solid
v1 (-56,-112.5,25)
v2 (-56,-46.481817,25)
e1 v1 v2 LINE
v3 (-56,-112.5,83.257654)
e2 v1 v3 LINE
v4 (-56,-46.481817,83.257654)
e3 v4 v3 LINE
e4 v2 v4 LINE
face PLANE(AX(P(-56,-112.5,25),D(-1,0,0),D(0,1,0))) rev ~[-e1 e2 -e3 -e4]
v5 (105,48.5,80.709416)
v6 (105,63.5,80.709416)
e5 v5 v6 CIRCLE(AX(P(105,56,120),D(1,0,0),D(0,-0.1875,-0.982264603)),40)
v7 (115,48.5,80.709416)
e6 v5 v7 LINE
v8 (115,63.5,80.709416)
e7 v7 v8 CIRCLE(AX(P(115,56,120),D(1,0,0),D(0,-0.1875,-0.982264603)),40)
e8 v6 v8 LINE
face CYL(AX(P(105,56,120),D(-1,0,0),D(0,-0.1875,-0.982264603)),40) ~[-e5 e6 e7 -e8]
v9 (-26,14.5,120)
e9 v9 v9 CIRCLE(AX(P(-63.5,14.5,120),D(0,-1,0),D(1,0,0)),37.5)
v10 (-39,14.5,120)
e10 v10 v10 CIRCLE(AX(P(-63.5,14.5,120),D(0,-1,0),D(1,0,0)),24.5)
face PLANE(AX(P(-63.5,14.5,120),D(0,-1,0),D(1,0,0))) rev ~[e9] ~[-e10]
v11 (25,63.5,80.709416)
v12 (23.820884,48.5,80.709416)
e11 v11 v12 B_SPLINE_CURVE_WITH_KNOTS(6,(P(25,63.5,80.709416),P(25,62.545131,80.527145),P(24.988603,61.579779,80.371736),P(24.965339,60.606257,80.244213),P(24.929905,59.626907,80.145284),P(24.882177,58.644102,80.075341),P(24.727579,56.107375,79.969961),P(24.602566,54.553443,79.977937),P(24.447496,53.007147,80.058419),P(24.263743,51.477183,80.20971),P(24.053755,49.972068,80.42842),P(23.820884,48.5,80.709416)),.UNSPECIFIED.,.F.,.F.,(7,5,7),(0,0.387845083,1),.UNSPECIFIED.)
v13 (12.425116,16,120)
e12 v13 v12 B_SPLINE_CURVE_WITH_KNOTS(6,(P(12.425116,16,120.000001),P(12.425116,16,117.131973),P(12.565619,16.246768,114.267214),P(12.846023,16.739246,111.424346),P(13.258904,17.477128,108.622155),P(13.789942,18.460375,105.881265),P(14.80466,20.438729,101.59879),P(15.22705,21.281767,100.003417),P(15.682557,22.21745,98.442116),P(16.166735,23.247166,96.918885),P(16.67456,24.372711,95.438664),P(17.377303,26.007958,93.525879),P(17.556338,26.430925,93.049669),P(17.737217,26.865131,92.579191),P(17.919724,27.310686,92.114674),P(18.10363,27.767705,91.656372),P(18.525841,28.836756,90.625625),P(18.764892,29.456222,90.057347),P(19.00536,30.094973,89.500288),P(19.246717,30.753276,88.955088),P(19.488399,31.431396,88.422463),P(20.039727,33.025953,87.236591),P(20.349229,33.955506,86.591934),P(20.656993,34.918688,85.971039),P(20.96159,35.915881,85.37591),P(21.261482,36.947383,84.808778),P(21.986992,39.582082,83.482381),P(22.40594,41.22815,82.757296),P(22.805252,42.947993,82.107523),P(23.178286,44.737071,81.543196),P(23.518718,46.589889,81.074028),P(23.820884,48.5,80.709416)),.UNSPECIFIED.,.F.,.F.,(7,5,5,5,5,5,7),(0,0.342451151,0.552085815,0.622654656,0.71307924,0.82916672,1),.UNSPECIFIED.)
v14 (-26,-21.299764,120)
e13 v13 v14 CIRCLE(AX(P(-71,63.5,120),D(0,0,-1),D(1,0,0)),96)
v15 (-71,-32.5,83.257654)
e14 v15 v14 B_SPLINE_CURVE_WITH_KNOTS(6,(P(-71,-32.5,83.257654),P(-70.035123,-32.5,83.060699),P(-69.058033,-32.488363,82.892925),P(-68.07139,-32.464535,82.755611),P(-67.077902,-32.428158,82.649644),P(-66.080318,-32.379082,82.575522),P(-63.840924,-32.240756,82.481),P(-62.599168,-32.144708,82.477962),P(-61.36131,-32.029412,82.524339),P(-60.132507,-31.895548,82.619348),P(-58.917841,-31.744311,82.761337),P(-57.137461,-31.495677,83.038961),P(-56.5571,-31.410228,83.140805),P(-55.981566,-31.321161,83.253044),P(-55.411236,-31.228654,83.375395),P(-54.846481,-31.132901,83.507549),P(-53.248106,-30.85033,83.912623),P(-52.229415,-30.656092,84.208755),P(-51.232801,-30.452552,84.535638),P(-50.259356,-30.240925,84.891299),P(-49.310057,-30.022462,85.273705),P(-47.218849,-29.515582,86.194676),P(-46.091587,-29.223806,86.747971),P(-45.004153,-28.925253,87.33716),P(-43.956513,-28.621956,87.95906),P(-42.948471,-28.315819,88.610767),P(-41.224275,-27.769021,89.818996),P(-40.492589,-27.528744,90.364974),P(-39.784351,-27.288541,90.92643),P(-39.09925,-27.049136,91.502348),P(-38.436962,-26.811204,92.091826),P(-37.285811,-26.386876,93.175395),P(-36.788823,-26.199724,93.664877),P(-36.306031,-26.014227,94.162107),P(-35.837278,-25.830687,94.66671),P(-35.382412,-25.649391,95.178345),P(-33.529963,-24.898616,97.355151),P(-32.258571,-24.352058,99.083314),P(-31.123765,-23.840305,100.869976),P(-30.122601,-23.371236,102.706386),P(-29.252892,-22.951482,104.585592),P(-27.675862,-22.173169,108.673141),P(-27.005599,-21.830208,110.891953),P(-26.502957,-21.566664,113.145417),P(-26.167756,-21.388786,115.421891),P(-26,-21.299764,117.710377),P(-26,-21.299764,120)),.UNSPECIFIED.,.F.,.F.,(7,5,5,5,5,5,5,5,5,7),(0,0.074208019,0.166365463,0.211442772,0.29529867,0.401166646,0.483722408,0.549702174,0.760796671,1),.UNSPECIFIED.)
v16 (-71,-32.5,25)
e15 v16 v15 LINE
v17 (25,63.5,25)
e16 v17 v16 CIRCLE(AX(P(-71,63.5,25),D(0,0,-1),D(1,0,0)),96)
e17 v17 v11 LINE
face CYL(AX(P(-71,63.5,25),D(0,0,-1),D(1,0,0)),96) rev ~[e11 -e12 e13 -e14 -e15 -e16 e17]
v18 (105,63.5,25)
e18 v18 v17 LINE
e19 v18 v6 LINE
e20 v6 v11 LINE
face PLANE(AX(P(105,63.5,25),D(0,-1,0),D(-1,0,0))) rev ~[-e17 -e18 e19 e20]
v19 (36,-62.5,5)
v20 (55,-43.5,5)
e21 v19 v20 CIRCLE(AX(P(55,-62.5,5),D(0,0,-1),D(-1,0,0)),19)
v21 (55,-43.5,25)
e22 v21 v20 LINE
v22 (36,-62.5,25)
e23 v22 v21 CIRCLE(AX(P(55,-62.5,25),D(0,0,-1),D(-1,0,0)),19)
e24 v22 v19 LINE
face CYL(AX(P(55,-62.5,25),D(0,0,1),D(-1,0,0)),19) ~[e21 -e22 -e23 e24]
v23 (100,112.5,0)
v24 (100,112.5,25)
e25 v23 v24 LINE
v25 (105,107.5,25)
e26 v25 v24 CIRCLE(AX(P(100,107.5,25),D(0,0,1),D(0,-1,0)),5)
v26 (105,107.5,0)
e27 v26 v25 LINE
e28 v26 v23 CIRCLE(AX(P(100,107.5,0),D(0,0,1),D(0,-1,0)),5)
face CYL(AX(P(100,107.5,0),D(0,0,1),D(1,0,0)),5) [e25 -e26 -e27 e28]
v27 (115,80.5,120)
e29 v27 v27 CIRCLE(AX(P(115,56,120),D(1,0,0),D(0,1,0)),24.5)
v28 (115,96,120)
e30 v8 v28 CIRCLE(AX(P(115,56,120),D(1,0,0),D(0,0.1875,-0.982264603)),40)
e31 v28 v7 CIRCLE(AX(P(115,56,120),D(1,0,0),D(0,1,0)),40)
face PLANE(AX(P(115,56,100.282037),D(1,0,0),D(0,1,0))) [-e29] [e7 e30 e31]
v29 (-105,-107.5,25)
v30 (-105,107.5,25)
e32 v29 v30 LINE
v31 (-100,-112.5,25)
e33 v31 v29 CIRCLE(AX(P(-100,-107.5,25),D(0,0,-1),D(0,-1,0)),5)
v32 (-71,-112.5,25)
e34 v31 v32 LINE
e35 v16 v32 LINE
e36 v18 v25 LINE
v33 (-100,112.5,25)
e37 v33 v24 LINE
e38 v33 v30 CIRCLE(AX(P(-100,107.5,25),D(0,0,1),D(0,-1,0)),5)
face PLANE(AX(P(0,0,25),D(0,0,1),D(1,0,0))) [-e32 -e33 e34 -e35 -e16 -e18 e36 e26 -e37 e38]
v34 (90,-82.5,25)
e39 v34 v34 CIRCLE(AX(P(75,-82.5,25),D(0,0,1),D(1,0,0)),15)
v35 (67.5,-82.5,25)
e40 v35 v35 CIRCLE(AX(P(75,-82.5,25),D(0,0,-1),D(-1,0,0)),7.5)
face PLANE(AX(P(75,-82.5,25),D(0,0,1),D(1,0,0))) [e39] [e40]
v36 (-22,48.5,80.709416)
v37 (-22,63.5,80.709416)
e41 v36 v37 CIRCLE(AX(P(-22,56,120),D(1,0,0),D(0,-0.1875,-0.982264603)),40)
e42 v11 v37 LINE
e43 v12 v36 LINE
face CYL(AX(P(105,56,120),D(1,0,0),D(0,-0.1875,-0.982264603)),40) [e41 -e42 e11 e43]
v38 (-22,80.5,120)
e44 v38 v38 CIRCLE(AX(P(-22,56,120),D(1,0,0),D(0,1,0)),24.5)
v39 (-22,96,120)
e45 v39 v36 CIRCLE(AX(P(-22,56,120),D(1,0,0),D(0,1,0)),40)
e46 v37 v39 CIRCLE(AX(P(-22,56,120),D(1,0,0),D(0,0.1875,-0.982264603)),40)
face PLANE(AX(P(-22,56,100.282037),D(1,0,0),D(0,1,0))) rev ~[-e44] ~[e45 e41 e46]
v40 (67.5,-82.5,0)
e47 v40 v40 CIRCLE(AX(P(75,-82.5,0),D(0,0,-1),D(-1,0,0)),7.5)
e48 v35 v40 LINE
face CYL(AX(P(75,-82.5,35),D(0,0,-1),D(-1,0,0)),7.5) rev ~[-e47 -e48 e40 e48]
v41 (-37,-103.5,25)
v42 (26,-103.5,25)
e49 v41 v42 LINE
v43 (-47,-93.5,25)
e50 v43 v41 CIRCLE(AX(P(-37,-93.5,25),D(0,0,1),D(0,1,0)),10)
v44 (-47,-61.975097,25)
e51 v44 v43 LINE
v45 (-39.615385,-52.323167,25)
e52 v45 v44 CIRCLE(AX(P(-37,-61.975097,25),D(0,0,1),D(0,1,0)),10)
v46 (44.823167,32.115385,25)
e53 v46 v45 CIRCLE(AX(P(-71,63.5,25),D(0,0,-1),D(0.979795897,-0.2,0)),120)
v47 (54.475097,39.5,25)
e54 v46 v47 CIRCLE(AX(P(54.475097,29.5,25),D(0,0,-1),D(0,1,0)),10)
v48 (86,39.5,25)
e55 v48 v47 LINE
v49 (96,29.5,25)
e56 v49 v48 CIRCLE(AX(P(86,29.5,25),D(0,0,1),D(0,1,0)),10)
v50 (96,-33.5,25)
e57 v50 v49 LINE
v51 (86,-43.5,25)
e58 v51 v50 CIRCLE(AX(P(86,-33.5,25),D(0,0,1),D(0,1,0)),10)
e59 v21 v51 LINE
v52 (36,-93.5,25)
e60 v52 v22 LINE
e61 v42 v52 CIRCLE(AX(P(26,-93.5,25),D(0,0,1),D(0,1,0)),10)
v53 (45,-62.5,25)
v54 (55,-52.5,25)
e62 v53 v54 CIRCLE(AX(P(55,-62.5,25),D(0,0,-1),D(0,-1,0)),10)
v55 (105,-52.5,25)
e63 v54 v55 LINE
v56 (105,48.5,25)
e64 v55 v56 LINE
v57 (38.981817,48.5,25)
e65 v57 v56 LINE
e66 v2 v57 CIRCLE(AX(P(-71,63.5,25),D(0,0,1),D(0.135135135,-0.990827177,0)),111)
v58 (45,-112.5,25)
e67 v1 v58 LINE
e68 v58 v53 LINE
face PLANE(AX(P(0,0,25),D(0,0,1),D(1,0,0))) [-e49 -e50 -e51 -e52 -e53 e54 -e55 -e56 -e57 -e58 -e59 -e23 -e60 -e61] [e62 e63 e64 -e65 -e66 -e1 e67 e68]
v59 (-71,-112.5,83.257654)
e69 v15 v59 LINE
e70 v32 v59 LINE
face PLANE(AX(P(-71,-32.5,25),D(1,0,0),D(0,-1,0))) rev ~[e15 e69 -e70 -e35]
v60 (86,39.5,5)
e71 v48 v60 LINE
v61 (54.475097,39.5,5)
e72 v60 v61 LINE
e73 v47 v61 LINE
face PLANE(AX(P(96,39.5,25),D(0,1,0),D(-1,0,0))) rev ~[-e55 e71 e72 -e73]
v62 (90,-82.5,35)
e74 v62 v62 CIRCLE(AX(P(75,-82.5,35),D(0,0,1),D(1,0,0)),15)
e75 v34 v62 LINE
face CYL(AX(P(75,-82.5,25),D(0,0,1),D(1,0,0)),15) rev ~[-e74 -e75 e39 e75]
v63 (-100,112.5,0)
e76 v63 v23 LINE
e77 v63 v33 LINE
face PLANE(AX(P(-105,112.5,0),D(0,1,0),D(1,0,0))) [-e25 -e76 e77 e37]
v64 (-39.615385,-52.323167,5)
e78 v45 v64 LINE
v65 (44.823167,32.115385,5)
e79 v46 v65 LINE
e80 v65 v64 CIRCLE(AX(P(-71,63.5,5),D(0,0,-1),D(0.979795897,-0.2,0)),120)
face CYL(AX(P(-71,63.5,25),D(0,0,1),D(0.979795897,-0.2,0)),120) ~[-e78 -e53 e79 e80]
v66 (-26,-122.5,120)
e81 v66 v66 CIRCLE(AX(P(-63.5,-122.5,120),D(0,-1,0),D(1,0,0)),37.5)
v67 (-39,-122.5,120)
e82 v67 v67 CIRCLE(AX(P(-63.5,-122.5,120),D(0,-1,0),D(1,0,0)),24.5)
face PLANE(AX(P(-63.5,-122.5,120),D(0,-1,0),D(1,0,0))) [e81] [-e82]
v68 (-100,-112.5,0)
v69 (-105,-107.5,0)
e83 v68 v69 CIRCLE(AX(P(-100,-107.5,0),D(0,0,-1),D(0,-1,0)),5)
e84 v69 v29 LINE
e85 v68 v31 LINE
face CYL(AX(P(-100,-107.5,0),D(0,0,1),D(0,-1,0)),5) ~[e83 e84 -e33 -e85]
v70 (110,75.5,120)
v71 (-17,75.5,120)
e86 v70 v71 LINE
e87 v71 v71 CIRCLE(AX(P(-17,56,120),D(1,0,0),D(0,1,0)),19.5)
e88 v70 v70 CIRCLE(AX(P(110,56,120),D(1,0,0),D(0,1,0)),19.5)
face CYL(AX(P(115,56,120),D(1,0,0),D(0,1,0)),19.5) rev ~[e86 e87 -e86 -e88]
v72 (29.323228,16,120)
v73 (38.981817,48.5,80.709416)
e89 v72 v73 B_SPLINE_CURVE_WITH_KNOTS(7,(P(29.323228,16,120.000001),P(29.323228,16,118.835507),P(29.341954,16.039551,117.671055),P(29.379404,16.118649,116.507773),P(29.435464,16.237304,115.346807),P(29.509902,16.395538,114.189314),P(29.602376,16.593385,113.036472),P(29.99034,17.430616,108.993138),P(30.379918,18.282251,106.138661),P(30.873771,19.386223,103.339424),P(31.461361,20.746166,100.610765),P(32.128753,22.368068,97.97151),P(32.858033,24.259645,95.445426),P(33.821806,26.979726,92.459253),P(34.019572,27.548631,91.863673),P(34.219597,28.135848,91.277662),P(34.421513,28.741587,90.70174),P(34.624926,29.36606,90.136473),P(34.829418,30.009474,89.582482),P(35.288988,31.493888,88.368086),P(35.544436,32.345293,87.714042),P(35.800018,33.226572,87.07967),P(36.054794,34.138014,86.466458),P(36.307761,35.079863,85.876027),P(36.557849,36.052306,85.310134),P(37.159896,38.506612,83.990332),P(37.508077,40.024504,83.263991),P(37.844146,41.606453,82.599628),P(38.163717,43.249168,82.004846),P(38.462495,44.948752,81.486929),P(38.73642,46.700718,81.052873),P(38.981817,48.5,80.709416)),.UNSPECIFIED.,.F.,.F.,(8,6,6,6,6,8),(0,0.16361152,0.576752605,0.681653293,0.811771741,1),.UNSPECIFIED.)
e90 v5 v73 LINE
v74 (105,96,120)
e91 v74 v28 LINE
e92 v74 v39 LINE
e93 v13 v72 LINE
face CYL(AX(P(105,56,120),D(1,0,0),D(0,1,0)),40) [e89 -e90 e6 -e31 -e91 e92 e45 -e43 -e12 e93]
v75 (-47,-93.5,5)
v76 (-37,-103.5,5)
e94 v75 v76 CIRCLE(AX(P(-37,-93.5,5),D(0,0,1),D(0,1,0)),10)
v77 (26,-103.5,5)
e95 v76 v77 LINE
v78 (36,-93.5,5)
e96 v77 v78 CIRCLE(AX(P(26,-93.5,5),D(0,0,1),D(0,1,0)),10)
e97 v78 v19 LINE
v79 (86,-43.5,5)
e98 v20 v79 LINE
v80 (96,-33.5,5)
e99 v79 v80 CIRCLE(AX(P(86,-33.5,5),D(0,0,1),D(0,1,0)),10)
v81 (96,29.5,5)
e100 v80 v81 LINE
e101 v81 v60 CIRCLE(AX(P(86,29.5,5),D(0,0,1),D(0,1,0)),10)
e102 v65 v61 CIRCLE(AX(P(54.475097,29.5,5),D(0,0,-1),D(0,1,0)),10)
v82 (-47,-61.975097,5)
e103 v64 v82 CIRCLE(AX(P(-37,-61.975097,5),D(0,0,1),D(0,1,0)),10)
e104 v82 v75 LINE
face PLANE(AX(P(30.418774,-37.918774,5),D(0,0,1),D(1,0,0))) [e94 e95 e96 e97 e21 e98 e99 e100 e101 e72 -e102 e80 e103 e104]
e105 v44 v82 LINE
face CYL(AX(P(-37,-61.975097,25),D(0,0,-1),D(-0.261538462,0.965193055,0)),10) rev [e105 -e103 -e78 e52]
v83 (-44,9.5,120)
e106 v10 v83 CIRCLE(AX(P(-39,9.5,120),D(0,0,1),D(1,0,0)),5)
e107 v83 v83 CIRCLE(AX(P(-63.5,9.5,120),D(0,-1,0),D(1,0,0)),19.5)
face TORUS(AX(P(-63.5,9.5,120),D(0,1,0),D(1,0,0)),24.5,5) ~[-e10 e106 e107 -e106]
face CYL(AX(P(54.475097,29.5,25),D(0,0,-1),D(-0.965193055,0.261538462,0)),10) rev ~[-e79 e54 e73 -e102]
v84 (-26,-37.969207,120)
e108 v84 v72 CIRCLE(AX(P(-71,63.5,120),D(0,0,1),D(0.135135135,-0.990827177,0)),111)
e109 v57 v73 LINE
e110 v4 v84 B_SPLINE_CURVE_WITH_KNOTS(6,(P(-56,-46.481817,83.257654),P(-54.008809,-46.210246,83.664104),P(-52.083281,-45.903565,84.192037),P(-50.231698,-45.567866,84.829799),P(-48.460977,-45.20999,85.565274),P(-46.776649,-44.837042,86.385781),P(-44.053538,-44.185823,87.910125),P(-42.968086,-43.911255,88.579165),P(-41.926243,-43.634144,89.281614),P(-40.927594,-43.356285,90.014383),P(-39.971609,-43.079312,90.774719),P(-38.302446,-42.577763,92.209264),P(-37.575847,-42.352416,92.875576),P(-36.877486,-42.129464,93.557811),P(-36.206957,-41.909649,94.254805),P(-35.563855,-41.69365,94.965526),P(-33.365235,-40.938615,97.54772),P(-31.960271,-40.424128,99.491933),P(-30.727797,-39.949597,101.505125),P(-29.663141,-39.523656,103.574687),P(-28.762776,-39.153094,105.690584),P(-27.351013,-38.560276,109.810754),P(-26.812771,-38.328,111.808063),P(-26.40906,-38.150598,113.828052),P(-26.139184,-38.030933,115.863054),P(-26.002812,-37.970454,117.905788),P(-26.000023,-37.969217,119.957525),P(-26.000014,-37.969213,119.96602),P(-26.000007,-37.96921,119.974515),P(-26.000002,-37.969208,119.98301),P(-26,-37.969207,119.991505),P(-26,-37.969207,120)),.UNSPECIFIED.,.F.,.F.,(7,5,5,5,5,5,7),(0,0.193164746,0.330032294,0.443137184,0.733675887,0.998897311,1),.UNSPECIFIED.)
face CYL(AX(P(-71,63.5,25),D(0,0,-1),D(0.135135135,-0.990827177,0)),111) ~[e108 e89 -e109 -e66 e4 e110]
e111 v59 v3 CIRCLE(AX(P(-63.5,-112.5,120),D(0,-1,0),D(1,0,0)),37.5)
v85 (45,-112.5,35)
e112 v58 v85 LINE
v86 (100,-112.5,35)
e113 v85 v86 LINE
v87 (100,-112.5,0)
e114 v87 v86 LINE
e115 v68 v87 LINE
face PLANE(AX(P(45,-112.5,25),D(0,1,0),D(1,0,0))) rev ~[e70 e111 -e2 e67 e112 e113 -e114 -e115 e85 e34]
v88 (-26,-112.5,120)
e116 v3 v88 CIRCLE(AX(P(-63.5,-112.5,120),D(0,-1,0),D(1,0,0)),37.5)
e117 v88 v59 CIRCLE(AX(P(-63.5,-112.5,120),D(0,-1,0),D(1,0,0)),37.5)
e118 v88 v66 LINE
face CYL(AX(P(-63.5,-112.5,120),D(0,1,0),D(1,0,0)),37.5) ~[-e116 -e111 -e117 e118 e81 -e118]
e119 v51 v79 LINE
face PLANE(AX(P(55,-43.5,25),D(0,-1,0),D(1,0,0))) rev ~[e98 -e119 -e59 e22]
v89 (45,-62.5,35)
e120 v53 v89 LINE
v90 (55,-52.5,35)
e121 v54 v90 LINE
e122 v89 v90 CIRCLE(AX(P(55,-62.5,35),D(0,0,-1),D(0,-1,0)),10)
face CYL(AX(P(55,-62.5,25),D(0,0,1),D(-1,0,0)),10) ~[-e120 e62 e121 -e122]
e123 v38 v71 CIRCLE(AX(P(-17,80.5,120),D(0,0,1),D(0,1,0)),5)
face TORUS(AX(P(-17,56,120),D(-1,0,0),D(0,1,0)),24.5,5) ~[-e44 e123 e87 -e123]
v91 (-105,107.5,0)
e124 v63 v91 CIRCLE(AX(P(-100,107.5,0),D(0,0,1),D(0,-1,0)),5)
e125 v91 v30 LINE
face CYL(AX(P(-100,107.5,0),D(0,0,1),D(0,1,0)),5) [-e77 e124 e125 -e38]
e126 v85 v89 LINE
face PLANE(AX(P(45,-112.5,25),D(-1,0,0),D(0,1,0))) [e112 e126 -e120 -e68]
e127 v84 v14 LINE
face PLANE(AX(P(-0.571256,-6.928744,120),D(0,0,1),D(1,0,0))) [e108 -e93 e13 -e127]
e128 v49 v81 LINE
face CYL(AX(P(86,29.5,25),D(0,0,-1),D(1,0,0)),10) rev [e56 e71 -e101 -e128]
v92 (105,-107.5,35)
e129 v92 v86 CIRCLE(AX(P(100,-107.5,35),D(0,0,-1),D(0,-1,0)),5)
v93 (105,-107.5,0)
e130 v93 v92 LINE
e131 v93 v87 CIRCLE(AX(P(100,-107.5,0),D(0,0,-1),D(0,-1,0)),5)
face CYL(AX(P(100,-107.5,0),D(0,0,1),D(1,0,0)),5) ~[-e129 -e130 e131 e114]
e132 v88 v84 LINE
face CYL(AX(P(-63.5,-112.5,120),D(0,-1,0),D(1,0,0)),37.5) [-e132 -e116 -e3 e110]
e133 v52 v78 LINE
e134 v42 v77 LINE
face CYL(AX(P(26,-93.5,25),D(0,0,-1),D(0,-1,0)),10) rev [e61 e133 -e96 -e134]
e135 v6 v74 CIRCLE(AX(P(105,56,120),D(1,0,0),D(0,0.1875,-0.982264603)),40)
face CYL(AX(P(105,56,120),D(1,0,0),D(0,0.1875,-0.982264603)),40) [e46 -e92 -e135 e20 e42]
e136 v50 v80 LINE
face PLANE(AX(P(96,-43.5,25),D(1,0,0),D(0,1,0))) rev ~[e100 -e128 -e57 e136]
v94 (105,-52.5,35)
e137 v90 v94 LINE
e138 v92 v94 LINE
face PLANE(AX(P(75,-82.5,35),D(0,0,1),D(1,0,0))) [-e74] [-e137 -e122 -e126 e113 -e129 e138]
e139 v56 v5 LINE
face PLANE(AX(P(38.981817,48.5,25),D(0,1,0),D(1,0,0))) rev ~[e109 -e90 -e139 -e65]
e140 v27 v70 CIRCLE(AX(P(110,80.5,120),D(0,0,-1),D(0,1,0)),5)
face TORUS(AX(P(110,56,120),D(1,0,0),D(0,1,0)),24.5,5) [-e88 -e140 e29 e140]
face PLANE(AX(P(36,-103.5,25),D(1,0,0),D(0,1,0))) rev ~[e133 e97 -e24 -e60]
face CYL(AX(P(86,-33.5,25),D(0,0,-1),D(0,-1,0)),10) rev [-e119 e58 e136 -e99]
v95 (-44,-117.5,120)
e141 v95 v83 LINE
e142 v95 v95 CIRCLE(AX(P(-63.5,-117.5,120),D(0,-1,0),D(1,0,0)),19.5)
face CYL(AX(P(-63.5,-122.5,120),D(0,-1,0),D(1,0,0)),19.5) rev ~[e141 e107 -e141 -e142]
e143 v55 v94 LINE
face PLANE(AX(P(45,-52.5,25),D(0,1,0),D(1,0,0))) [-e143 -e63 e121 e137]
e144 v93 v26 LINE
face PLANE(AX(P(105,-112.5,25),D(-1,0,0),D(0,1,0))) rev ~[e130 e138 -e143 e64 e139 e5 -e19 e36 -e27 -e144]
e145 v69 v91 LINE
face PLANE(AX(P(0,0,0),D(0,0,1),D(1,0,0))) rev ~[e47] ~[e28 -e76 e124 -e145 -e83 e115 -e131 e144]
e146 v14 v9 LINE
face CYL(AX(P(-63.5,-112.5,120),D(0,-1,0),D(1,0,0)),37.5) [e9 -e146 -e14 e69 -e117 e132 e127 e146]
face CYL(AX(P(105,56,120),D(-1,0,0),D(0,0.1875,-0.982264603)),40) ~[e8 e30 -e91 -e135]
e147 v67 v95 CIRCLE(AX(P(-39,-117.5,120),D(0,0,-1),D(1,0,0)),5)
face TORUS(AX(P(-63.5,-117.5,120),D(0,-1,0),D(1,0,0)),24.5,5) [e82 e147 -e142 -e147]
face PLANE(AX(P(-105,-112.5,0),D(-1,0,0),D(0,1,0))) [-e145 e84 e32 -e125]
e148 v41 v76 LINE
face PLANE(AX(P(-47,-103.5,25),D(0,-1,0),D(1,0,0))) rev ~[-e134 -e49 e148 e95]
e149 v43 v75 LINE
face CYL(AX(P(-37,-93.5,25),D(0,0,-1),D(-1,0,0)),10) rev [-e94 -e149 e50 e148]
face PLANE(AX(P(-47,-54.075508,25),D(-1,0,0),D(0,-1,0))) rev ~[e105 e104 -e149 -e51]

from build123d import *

# Parameters (mm, degrees)
F0_W            = 210
F0_H            = 225
F1_DEPTH        = 25
F3_DEPTH        = 95
F4_R            = 37.5
F5_DEPTH        = 10
F5_DEPTH_BACK   = 127
F7_DEPTH        = 10
F7_DEPTH_BACK   = 127
F8_W            = 60
F8_H            = 60
F9_DEPTH        = 10
F10_R           = 10
F12_DEPTH       = 20
F14_D           = 15
F14_CBORE_D     = 30
F14_CBORE_DEPTH = 10
F15_R           = 10
F16_R           = 19.5
F17_DEPTH       = 235.001
F18_R           = 19.5
F19_DEPTH       = 220.001
F20_R           = 5


with BuildPart() as f1:
    # F0 (on Top) → F1 (new body)
    with BuildSketch(Plane.XY):
        Rectangle(F0_W, F0_H)
    extrude(amount=F1_DEPTH)

    # F2 (on face) → F3 (join)
    with BuildSketch(Plane.XY.offset(25)):
        with BuildLine():
            Line((-71, -32.5), (-71, -112.5))
            Line((-71, -112.5), (-56, -112.5))
            Line((-56, -112.5), (-56, -46.4818166789))
            ThreePointArc((-56, -46.4818166789), (7.4888527117, -14.9888527117), (38.9818166789, 48.5))
            Line((38.9818166789, 48.5), (105, 48.5))
            Line((105, 48.5), (105, 63.5))
            Line((105, 63.5), (25, 63.5))
            ThreePointArc((25, 63.5), (-3.1177490061, -4.3822509939), (-71, -32.5))
        make_face()
    extrude(amount=F3_DEPTH)

    # F4 (on face) → F5 (join, two sides)
    with BuildSketch(Plane.XZ.offset(112.5)) as f5_sk:
        with Locations((-63.5, 120)):
            Circle(F4_R)
    extrude(amount=F5_DEPTH)
    extrude(f5_sk.sketch, amount=-F5_DEPTH_BACK)

    # F6 (on face) → F7 (join, two sides)
    with BuildSketch(Plane.YZ.offset(105)) as f7_sk:
        with BuildLine():
            Line((48.5, 120), (48.5, 80.7094158862))
            ThreePointArc((48.5, 80.7094158862), (56, 80), (63.5, 80.7094158862))
            Line((63.5, 80.7094158862), (63.5, 120))
            Line((63.5, 120), (48.5, 120))
        make_face()
        with BuildLine():
            ThreePointArc((63.5, 80.7094158862), (86.8220700148, 94.504902432), (96, 120))
            ThreePointArc((96, 120), (30.504902432, 150.8220700148), (48.5, 80.7094158862))
            Line((48.5, 80.7094158862), (48.5, 120))
            Line((48.5, 120), (63.5, 120))
            Line((63.5, 120), (63.5, 80.7094158862))
        make_face()
    extrude(amount=F7_DEPTH)
    extrude(f7_sk.sketch, amount=-F7_DEPTH_BACK)

    # F8 (on face) → F9 (join)
    with BuildSketch(Plane.XY.offset(25)):
        with Locations((75, -82.5)):
            Rectangle(F8_W, F8_H)
    extrude(amount=F9_DEPTH)

    # F10
    f10_edges = [f1.edges().sort_by_distance(p)[0] for p in [
        (45, -52.5, 30),
    ]]
    fillet(f10_edges, radius=F10_R)

    # F11 (on face) → F12 (cut)
    with BuildSketch(Plane.XY.offset(25)):
        with BuildLine():
            ThreePointArc((46.5755076536, 39.5), (13.8528137424, -21.3528137424), (-47, -54.0755076536))
            Line((-47, -54.0755076536), (-47, -103.5))
            Line((-47, -103.5), (36, -103.5))
            Line((36, -103.5), (36, -62.5))
            ThreePointArc((36, -62.5), (41.5649711575, -49.0649711575), (55, -43.5))
            Line((55, -43.5), (96, -43.5))
            Line((96, -43.5), (96, 39.5))
            Line((96, 39.5), (46.5755076536, 39.5))
        make_face()
    extrude(amount=-F12_DEPTH, mode=Mode.SUBTRACT)

    # F14 (through all)
    with Locations(Plane.XY.offset(35)):
        with Locations((75, -82.5)):
            CounterBoreHole(F14_D / 2, F14_CBORE_D / 2, F14_CBORE_DEPTH)

    # F15
    f15_edges = [f1.edges().sort_by_distance(p)[0] for p in [
        (-47, -103.5, 15),
        (96, 39.5, 15),
        (-47, -54.075508, 15),
        (46.575508, 39.5, 15),
        (96, -43.5, 15),
        (36, -103.5, 15),
    ]]
    fillet(f15_edges, radius=F15_R)

    # F16 (on face) → F17 (cut, through all)
    with BuildSketch(Plane.XZ.offset(122.5)):
        with Locations((-63.5, 120)):
            Circle(F16_R)
    extrude(amount=-F17_DEPTH, mode=Mode.SUBTRACT)

    # F18 (on face) → F19 (cut, through all)
    with BuildSketch(Plane.YZ.offset(115)):
        with Locations((56, 120)):
            Circle(F18_R)
    extrude(amount=-F19_DEPTH, mode=Mode.SUBTRACT)

    # F20
    f20_edges = [f1.edges().sort_by_distance(p)[0] for p in [
        (-105, -112.5, 12.5),
        (105, -112.5, 17.5),
        (105, 112.5, 12.5),
        (-105, 112.5, 12.5),
        (-83, 14.5, 120),
        (-22, 36.5, 120),
        (115, 36.5, 120),
        (-83, -122.5, 120),
    ]]
    fillet(f20_edges, radius=F20_R)


solid = f1.part
